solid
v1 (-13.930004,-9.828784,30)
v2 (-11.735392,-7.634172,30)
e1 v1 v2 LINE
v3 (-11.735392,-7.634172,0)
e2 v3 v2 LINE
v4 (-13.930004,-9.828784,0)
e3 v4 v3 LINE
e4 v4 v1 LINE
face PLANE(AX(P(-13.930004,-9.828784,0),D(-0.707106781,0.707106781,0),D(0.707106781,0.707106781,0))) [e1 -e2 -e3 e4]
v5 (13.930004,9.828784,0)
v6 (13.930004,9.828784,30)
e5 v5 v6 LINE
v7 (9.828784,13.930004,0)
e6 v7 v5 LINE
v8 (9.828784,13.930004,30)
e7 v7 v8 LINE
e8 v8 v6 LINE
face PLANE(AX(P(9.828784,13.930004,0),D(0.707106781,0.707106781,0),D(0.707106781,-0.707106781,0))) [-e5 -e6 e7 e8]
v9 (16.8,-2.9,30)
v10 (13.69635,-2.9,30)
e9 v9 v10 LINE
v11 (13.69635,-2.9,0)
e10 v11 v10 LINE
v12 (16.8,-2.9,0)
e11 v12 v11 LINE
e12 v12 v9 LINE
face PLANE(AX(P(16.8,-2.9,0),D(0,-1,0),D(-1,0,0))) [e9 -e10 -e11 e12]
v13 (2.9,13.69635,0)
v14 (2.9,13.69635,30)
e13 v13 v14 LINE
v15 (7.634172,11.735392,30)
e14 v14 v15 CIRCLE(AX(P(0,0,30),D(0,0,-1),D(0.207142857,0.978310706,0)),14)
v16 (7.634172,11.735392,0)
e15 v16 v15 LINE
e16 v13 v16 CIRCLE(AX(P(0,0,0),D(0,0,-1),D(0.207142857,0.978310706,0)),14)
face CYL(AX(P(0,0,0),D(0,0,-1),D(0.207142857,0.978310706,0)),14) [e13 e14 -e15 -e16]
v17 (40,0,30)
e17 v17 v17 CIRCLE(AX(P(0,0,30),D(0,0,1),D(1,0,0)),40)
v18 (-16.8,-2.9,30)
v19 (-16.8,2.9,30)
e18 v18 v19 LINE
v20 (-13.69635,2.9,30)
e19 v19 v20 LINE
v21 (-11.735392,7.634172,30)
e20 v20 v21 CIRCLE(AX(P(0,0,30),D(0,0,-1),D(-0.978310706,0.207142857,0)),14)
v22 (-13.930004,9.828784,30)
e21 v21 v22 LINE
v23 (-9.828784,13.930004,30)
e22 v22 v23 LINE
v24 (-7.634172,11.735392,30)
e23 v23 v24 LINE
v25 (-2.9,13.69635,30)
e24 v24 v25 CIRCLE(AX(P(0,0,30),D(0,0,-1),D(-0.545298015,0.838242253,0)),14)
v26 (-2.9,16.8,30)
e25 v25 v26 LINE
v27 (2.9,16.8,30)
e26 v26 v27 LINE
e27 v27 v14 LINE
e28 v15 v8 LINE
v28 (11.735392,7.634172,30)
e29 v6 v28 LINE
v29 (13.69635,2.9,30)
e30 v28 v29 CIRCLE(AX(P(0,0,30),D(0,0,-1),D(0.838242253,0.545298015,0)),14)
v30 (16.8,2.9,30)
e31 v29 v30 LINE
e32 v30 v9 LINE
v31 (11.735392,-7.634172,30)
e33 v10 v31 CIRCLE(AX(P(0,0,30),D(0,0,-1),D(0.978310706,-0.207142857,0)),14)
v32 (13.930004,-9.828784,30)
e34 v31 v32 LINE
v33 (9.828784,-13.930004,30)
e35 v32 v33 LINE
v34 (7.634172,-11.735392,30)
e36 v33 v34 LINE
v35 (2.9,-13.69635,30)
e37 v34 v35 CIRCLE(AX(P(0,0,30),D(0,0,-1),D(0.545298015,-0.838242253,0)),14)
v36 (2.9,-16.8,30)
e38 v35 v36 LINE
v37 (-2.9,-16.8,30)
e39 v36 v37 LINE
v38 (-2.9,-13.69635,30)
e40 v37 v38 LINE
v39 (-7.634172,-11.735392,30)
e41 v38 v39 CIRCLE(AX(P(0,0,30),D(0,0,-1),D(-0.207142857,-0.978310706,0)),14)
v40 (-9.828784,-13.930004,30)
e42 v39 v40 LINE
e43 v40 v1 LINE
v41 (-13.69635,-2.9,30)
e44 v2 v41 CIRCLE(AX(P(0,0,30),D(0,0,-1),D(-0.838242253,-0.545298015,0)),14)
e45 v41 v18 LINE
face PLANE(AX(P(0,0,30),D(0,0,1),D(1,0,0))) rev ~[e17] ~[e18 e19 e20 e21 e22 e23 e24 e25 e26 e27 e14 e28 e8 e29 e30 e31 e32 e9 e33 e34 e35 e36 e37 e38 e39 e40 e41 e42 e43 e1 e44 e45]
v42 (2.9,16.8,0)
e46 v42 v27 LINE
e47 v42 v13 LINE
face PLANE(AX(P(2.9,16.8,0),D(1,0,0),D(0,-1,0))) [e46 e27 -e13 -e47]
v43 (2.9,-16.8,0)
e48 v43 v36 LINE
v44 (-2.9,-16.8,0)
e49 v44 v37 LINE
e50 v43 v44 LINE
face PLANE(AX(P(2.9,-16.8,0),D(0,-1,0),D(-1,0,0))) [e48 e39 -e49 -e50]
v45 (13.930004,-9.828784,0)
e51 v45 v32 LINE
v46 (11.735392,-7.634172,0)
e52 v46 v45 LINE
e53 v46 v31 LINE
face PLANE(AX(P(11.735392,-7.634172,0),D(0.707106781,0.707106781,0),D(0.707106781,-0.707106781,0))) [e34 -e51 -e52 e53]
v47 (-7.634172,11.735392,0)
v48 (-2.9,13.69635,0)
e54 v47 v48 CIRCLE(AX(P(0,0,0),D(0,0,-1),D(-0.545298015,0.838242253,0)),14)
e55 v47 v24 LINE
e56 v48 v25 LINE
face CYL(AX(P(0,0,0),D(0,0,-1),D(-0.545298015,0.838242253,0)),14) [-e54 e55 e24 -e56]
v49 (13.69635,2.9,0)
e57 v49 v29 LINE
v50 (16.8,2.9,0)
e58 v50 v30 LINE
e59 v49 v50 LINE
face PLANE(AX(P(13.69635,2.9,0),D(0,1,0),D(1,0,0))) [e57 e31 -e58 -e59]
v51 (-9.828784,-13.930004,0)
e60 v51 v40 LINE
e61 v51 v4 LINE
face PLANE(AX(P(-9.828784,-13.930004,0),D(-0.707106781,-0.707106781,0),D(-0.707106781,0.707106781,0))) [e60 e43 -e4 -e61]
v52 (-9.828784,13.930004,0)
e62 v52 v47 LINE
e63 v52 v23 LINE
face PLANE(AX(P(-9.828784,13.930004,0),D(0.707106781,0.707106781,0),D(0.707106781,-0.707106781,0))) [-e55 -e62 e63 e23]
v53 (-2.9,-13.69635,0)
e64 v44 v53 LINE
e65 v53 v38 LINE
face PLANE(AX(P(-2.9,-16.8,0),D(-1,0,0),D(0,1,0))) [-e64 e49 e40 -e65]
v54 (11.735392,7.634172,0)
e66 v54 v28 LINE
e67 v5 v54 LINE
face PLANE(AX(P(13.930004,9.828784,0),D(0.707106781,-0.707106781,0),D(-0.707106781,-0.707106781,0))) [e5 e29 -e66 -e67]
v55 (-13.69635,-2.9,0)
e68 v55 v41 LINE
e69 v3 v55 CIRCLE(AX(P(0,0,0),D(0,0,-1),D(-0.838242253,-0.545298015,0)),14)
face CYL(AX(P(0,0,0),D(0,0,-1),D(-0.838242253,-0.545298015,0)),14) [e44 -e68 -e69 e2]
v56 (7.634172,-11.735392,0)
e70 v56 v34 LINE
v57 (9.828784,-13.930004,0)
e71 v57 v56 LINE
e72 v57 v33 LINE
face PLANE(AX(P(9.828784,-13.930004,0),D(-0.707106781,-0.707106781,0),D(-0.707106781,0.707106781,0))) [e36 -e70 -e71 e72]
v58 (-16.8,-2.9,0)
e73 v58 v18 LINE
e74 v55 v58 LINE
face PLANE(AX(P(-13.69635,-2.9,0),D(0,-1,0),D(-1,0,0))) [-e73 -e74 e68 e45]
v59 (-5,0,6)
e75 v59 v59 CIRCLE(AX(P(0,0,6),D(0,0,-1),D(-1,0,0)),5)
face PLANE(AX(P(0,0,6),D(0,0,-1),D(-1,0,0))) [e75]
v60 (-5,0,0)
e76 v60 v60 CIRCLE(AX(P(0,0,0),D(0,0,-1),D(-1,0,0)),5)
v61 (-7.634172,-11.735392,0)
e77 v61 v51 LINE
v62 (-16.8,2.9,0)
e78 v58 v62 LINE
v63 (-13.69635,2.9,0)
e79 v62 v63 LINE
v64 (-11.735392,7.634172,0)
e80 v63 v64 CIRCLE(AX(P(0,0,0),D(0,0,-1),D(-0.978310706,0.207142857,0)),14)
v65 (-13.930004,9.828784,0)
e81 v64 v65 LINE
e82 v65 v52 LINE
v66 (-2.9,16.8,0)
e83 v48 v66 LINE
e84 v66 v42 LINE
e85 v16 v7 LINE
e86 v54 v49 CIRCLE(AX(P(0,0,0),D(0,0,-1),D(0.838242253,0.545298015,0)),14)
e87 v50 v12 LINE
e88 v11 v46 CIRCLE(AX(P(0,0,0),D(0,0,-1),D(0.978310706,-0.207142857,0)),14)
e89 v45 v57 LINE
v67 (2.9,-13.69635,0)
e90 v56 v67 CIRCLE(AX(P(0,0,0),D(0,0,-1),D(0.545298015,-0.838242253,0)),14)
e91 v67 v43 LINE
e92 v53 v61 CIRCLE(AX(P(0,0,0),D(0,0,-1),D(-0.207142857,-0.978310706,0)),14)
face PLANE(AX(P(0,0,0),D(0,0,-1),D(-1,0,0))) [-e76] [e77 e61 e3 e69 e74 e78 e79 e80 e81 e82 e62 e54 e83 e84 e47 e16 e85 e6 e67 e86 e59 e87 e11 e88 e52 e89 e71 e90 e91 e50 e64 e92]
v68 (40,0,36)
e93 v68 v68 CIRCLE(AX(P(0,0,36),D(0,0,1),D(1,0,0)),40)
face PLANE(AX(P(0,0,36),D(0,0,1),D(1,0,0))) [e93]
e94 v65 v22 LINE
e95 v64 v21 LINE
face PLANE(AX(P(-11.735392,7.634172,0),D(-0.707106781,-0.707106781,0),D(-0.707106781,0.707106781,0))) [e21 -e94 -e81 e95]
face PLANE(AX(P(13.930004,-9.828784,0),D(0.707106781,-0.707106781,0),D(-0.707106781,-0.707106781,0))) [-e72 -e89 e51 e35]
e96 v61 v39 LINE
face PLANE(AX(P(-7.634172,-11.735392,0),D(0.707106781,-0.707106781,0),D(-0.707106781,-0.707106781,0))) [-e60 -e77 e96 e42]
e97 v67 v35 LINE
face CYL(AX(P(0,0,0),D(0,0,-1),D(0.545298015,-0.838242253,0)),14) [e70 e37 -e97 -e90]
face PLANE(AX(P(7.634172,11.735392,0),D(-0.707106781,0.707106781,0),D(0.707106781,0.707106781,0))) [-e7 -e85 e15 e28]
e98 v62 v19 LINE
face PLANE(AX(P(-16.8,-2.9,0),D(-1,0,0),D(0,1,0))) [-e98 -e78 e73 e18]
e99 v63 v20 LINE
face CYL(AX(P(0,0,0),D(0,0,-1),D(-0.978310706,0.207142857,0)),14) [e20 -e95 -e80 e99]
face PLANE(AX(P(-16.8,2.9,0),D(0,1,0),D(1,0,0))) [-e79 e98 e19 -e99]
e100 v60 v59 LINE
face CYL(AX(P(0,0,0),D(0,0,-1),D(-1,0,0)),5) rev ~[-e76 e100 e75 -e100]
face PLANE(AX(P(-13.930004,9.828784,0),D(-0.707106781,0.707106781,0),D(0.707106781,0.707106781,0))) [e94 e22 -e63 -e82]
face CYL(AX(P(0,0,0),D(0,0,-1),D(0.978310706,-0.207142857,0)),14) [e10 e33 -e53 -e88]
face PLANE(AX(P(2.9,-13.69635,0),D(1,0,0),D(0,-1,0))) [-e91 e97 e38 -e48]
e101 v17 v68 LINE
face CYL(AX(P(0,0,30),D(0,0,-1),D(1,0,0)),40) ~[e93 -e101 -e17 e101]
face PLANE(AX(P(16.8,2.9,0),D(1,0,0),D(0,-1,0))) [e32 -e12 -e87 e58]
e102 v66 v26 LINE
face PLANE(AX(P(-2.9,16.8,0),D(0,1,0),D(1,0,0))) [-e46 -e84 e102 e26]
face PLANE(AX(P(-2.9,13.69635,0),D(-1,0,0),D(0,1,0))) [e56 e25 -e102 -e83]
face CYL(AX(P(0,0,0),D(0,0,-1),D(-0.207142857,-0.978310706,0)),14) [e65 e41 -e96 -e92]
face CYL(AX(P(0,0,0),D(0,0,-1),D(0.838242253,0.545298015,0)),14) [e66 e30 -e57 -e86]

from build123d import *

# Parameters (mm, degrees)
BOSS_EXTRUDE1_DEPTH = 30
SKETCH2_R           = 5
CUT_EXTRUDE1_DEPTH  = 6
SKETCH3_R           = 40
BOSS_EXTRUDE2_DEPTH = 6


with BuildPart() as part:
    # Sketch1 → Boss-Extrude1 (new body)
    with BuildSketch(Plane.XY):
        with BuildLine():
            Line((-2.9, 13.696349879), (-2.9, 16.8))
            Line((-2.9, 16.8), (2.9, 16.8))
            Line((2.9, 16.8), (2.9, 13.696349879))
            ThreePointArc((2.9, 13.696349879), (5.357568053, 12.934313455), (7.634172211, 11.735391542))
            Line((7.634172211, 11.735391542), (9.828784258, 13.930003589))
            Line((9.828784258, 13.930003589), (13.930003589, 9.828784258))
            Line((13.930003589, 9.828784258), (11.735391542, 7.634172211))
            ThreePointArc((11.735391542, 7.634172211), (12.934313455, 5.357568053), (13.696349879, 2.9))
            Line((13.696349879, 2.9), (16.8, 2.9))
            Line((16.8, 2.9), (16.8, -2.9))
            Line((16.8, -2.9), (13.696349879, -2.9))
            ThreePointArc((13.696349879, -2.9), (12.934313455, -5.357568053), (11.735391542, -7.634172211))
            Line((11.735391542, -7.634172211), (13.930003589, -9.828784258))
            Line((13.930003589, -9.828784258), (9.828784258, -13.930003589))
            Line((9.828784258, -13.930003589), (7.634172211, -11.735391542))
            ThreePointArc((7.634172211, -11.735391542), (5.357568053, -12.934313455), (2.9, -13.696349879))
            Line((2.9, -13.696349879), (2.9, -16.8))
            Line((2.9, -16.8), (-2.9, -16.8))
            Line((-2.9, -16.8), (-2.9, -13.696349879))
            ThreePointArc((-2.9, -13.696349879), (-5.357568053, -12.934313455), (-7.634172211, -11.735391542))
            Line((-7.634172211, -11.735391542), (-9.828784258, -13.930003589))
            Line((-9.828784258, -13.930003589), (-13.930003589, -9.828784258))
            Line((-13.930003589, -9.828784258), (-11.735391542, -7.634172211))
            ThreePointArc((-11.735391542, -7.634172211), (-12.934313455, -5.357568053), (-13.696349879, -2.9))
            Line((-13.696349879, -2.9), (-16.8, -2.9))
            Line((-16.8, -2.9), (-16.8, 2.9))
            Line((-16.8, 2.9), (-13.696349879, 2.9))
            ThreePointArc((-13.696349879, 2.9), (-12.934313455, 5.357568053), (-11.735391542, 7.634172211))
            Line((-11.735391542, 7.634172211), (-13.930003589, 9.828784258))
            Line((-13.930003589, 9.828784258), (-9.828784258, 13.930003589))
            Line((-9.828784258, 13.930003589), (-7.634172211, 11.735391542))
            ThreePointArc((-7.634172211, 11.735391542), (-5.357568053, 12.934313455), (-2.9, 13.696349879))
        make_face()
    extrude(amount=BOSS_EXTRUDE1_DEPTH)

    # Sketch2 → Cut-Extrude1 (cut)
    with BuildSketch(Plane(origin=(0, 0, 0), x_dir=(-1, 0, 0), z_dir=(0, 0, -1))):
        Circle(SKETCH2_R)
    extrude(amount=-CUT_EXTRUDE1_DEPTH, mode=Mode.SUBTRACT)

    # Sketch3 → Boss-Extrude2 (add)
    with BuildSketch(Plane.XY.offset(30)):
        Circle(SKETCH3_R)
    extrude(amount=BOSS_EXTRUDE2_DEPTH)


solid = part.part
